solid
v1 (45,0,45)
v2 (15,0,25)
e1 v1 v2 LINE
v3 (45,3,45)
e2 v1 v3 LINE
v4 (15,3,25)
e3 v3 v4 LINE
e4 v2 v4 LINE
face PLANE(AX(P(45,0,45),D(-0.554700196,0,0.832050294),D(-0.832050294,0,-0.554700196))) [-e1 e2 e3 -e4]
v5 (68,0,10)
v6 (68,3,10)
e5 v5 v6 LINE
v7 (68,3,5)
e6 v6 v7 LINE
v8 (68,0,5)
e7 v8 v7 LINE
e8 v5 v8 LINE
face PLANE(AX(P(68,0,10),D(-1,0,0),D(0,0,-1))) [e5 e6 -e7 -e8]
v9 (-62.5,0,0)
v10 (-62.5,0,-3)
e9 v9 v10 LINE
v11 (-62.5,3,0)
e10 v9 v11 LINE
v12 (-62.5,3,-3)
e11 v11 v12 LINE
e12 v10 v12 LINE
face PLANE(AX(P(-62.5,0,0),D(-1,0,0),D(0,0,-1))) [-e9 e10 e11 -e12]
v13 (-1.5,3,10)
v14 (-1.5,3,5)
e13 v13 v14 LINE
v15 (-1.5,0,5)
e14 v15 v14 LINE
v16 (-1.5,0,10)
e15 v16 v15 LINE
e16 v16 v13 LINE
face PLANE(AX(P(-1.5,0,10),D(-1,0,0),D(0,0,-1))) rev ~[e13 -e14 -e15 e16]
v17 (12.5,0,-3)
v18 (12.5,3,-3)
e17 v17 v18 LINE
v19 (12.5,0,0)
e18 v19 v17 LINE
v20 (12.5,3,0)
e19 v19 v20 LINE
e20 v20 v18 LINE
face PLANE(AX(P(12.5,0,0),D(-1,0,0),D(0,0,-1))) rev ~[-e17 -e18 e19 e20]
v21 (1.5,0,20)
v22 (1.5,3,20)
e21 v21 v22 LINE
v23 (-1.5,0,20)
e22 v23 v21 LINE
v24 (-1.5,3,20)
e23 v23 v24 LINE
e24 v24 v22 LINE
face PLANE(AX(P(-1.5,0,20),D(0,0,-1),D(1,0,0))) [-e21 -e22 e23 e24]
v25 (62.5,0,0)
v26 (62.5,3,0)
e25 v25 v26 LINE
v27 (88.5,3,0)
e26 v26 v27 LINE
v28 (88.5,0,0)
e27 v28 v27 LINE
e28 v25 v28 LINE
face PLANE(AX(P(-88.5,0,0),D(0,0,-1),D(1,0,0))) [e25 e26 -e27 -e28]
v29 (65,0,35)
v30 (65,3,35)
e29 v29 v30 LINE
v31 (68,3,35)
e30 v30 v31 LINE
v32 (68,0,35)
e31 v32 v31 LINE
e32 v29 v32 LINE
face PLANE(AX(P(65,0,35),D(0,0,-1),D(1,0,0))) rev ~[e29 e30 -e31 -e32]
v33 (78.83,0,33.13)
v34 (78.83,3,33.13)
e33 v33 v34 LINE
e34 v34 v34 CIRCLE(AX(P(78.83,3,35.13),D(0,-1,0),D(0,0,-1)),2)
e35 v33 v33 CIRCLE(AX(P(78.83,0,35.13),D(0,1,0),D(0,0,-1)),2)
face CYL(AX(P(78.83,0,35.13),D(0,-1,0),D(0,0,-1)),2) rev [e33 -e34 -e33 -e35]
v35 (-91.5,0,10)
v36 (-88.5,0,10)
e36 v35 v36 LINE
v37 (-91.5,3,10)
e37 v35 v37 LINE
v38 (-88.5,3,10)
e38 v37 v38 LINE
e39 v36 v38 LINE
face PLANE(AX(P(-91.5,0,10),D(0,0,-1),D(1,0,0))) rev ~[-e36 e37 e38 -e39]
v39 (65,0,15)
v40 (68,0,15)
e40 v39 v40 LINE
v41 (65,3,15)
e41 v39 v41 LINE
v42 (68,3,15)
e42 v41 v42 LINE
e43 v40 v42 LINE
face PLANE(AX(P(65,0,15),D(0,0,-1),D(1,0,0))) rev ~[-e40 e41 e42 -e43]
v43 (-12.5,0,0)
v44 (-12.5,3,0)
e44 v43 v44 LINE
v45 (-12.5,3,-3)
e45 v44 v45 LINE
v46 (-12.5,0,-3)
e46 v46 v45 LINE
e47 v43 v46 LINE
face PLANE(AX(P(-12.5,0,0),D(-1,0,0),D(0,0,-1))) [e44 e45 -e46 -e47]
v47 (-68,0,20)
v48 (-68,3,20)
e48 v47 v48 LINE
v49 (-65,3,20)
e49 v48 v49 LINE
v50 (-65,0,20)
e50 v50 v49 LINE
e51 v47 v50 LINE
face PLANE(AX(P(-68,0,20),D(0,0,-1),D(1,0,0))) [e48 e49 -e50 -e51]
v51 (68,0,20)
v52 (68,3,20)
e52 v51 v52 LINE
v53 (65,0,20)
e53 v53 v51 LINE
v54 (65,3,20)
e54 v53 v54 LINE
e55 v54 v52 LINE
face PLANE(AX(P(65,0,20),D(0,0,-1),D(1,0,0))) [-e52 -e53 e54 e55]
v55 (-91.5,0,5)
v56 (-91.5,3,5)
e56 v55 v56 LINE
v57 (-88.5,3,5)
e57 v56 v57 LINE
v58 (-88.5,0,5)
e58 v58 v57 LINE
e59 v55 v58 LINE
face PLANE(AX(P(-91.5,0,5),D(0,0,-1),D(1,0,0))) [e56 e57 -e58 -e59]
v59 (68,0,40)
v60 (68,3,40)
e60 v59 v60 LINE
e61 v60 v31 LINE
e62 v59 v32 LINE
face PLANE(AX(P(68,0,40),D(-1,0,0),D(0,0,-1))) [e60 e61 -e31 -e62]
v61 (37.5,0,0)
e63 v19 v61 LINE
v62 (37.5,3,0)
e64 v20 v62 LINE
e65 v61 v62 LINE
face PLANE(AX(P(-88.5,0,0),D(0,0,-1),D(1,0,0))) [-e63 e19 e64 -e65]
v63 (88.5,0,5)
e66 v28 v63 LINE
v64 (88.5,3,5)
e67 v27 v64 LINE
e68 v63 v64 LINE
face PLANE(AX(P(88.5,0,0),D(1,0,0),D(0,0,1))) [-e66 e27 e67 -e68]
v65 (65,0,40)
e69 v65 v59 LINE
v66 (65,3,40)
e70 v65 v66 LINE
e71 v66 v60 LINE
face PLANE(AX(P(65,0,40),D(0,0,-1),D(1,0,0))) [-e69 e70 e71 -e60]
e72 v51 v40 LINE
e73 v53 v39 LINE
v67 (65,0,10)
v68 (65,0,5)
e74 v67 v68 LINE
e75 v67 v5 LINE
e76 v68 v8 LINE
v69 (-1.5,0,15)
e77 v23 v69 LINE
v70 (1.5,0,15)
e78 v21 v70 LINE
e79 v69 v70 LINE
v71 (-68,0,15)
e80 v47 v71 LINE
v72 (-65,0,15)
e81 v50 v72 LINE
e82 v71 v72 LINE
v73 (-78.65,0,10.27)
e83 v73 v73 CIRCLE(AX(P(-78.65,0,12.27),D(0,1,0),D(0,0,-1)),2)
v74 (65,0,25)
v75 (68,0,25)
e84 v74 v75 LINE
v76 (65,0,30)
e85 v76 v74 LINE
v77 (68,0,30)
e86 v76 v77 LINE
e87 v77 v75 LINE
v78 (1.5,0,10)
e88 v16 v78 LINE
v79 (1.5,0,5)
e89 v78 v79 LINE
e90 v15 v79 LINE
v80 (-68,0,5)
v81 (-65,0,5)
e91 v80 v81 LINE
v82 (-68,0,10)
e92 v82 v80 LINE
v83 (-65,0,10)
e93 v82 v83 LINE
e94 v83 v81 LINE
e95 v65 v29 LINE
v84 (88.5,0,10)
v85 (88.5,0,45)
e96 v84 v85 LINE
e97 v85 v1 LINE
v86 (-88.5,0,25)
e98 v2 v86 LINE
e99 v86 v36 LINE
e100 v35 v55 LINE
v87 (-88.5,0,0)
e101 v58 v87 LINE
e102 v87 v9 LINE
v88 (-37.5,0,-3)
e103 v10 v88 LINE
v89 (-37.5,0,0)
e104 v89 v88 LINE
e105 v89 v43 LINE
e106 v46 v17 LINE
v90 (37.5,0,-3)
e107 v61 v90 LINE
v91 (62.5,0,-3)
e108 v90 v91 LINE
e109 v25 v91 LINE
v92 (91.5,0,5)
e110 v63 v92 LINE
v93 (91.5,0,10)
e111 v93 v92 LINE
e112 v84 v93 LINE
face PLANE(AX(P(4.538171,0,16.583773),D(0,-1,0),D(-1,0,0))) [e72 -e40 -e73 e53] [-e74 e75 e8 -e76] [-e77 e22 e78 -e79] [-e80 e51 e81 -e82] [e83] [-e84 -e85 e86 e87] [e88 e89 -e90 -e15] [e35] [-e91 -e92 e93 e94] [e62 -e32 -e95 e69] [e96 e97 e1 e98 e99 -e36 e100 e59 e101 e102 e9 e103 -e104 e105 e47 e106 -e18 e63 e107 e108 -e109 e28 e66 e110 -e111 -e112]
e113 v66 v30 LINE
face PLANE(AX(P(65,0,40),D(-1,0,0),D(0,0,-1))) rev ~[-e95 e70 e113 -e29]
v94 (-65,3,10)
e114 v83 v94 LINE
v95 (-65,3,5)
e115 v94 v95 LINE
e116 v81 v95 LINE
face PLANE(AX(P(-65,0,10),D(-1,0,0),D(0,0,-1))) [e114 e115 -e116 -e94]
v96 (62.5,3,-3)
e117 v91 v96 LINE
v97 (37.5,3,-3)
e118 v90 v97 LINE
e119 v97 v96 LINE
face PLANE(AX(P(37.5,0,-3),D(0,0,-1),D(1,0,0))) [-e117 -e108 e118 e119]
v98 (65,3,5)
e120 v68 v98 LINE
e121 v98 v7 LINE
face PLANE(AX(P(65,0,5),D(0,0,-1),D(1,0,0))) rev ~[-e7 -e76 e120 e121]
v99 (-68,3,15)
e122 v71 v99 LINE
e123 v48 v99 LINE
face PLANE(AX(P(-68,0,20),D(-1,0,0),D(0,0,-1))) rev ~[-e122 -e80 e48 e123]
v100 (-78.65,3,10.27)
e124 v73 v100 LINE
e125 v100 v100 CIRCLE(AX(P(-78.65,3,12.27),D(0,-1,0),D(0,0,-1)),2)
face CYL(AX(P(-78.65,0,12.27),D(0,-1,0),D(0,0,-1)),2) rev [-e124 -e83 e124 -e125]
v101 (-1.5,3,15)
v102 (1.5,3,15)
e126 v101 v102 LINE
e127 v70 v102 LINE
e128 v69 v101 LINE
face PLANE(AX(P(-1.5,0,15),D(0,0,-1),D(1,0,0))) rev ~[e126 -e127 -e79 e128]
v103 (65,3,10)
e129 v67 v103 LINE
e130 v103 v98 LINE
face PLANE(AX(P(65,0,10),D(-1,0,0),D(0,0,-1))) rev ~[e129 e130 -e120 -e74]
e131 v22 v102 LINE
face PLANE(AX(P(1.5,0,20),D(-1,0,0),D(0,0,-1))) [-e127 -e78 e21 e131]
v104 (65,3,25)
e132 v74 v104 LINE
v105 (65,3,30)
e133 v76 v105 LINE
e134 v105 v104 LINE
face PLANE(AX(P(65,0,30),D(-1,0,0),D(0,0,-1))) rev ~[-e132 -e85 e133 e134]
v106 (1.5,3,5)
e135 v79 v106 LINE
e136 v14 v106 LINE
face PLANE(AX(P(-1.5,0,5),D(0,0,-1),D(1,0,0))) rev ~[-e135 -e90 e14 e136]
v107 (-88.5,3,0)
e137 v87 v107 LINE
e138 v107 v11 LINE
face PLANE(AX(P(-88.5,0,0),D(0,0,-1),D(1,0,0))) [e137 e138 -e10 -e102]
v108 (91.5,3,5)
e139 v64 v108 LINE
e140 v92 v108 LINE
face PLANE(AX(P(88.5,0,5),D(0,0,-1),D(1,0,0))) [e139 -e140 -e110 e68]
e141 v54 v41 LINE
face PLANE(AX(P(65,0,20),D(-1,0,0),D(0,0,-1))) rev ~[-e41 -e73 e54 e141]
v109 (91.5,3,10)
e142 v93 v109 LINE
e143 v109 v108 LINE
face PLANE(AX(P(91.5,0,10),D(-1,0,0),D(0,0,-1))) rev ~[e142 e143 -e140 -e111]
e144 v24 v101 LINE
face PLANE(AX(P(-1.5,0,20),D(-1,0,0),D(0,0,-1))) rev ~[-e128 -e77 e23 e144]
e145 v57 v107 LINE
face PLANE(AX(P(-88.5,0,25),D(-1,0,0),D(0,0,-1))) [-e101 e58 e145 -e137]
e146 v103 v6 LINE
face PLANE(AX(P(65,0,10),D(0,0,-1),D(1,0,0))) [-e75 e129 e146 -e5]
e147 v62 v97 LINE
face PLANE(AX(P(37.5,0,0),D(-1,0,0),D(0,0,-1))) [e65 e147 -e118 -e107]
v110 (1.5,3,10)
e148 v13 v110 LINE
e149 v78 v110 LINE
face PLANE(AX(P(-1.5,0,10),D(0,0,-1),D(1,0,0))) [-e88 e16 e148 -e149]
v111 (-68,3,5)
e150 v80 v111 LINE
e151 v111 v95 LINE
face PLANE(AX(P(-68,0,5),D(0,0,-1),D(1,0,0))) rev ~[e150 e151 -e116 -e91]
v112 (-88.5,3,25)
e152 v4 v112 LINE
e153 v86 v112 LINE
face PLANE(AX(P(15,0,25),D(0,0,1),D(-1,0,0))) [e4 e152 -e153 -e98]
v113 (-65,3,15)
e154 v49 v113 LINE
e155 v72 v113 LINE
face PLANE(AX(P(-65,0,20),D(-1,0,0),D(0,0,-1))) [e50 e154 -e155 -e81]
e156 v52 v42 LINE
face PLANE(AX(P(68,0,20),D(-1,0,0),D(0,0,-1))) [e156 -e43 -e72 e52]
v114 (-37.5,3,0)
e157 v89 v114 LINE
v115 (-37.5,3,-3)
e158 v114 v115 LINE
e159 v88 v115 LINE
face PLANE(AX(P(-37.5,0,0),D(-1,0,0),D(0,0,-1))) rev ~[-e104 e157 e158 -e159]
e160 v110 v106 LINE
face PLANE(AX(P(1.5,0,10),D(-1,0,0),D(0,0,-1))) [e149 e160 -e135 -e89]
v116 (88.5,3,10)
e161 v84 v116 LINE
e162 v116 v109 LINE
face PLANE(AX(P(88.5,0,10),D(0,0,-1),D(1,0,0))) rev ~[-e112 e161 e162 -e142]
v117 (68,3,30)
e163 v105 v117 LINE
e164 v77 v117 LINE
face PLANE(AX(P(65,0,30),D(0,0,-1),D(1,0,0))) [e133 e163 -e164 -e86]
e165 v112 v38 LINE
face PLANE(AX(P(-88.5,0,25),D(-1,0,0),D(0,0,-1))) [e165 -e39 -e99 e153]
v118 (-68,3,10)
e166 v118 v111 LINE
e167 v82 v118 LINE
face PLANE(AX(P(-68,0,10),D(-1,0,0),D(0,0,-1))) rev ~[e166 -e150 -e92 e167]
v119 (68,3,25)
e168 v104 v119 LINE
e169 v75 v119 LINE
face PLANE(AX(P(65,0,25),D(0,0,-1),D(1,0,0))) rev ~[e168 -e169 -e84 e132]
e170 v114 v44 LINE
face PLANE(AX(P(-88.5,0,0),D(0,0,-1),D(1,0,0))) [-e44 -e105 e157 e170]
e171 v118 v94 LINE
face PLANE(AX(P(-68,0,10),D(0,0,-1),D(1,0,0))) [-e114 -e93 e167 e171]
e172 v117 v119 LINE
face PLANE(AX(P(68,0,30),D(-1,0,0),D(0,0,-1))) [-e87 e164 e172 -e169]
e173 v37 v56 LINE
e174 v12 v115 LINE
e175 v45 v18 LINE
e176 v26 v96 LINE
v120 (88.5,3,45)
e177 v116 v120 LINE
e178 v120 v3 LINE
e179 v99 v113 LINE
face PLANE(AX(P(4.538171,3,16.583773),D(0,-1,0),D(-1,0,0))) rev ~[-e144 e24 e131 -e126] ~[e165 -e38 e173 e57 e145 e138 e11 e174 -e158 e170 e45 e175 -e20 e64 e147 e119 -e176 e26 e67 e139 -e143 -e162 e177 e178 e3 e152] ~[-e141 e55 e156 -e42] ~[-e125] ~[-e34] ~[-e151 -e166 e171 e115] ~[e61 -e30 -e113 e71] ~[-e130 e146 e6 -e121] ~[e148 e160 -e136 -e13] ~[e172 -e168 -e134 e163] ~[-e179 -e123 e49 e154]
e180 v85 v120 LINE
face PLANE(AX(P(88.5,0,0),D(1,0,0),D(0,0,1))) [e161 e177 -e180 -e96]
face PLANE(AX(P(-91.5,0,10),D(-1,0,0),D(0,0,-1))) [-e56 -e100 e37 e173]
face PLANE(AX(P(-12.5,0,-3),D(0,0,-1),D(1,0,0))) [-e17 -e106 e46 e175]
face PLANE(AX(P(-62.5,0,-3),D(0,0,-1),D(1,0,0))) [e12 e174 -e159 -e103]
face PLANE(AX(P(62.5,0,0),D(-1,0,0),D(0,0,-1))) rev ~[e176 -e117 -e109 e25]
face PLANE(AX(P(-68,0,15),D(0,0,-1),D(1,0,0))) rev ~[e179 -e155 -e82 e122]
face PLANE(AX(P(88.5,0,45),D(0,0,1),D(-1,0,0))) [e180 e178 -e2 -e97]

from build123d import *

# Parameters (mm, degrees)
P_IDAT_VYSUNUT_M1_DEPTH  = 3
SKICA2_W                 = 3
SKICA2_H                 = 5
ODEBRAT_VYSUNUT_M1_DEPTH = 100.328998787
SKICA3_W                 = 25
SKICA3_H                 = 3
SKICA3_W_2               = 3
SKICA3_H_2               = 5
P_IDAT_VYSUNUT_M2_DEPTH  = 3
SKICA4_R                 = 2
ODEBRAT_VYSUNUT_M3_DEPTH = 103.011028816


with BuildPart() as part:
    # Skica1 → Přidat vysunutím1 (new body)
    with BuildSketch(Plane(origin=(0, 0, 0), x_dir=(1, 0, 0), z_dir=(0, 1, 0))):
        Polygon((-88.5, 0), (88.5, 0), (88.5, -45), (45, -45), (15, -25), (-88.5, -25), align=None)
    extrude(amount=P_IDAT_VYSUNUT_M1_DEPTH)

    # Skica2 → Odebrat vysunutím1 (cut, through all)
    with BuildSketch(Plane(origin=(0, 0, 0), x_dir=(1, 0, 0), z_dir=(0, 1, 0))):
        with Locations((0, -7.5)):
            Rectangle(SKICA2_W, SKICA2_H)
        with Locations((0, -17.5)):
            Rectangle(SKICA2_W, SKICA2_H)
        with Locations((-66.5, -7.5)):
            Rectangle(SKICA2_W, SKICA2_H)
        with Locations((-66.5, -17.5)):
            Rectangle(SKICA2_W, SKICA2_H)
        with Locations((66.5, -7.5)):
            Rectangle(SKICA2_W, SKICA2_H)
        with Locations((66.5, -17.5)):
            Rectangle(SKICA2_W, SKICA2_H)
        with Locations((66.5, -27.5)):
            Rectangle(SKICA2_W, SKICA2_H)
        with Locations((66.5, -37.5)):
            Rectangle(SKICA2_W, SKICA2_H)
    extrude(amount=ODEBRAT_VYSUNUT_M1_DEPTH, mode=Mode.SUBTRACT)

    # Skica3 → Přidat vysunutím2 (add)
    with BuildSketch(Plane(origin=(0, 0, 0), x_dir=(1, 0, 0), z_dir=(0, 1, 0))):
        with Locations((-50, 1.5)):
            Rectangle(SKICA3_W, SKICA3_H)
        with Locations((0, 1.5)):
            Rectangle(SKICA3_W, SKICA3_H)
        with Locations((50, 1.5)):
            Rectangle(SKICA3_W, SKICA3_H)
        with Locations((90, -7.5)):
            Rectangle(SKICA3_W_2, SKICA3_H_2)
        with Locations((-90, -7.5)):
            Rectangle(SKICA3_W_2, SKICA3_H_2)
    extrude(amount=P_IDAT_VYSUNUT_M2_DEPTH)

    # Skica4 → Odebrat vysunutím3 (cut, through all)
    with BuildSketch(Plane(origin=(0, 0, 0), x_dir=(1, 0, 0), z_dir=(0, 1, 0))):
        with Locations(Location((-78.65, -12.27, 0), (0, 0, 90))):
            Circle(SKICA4_R)
        with Locations(Location((78.83, -35.13, 0), (0, 0, 90))):
            Circle(SKICA4_R)
    extrude(amount=ODEBRAT_VYSUNUT_M3_DEPTH, mode=Mode.SUBTRACT)


solid = part.part
